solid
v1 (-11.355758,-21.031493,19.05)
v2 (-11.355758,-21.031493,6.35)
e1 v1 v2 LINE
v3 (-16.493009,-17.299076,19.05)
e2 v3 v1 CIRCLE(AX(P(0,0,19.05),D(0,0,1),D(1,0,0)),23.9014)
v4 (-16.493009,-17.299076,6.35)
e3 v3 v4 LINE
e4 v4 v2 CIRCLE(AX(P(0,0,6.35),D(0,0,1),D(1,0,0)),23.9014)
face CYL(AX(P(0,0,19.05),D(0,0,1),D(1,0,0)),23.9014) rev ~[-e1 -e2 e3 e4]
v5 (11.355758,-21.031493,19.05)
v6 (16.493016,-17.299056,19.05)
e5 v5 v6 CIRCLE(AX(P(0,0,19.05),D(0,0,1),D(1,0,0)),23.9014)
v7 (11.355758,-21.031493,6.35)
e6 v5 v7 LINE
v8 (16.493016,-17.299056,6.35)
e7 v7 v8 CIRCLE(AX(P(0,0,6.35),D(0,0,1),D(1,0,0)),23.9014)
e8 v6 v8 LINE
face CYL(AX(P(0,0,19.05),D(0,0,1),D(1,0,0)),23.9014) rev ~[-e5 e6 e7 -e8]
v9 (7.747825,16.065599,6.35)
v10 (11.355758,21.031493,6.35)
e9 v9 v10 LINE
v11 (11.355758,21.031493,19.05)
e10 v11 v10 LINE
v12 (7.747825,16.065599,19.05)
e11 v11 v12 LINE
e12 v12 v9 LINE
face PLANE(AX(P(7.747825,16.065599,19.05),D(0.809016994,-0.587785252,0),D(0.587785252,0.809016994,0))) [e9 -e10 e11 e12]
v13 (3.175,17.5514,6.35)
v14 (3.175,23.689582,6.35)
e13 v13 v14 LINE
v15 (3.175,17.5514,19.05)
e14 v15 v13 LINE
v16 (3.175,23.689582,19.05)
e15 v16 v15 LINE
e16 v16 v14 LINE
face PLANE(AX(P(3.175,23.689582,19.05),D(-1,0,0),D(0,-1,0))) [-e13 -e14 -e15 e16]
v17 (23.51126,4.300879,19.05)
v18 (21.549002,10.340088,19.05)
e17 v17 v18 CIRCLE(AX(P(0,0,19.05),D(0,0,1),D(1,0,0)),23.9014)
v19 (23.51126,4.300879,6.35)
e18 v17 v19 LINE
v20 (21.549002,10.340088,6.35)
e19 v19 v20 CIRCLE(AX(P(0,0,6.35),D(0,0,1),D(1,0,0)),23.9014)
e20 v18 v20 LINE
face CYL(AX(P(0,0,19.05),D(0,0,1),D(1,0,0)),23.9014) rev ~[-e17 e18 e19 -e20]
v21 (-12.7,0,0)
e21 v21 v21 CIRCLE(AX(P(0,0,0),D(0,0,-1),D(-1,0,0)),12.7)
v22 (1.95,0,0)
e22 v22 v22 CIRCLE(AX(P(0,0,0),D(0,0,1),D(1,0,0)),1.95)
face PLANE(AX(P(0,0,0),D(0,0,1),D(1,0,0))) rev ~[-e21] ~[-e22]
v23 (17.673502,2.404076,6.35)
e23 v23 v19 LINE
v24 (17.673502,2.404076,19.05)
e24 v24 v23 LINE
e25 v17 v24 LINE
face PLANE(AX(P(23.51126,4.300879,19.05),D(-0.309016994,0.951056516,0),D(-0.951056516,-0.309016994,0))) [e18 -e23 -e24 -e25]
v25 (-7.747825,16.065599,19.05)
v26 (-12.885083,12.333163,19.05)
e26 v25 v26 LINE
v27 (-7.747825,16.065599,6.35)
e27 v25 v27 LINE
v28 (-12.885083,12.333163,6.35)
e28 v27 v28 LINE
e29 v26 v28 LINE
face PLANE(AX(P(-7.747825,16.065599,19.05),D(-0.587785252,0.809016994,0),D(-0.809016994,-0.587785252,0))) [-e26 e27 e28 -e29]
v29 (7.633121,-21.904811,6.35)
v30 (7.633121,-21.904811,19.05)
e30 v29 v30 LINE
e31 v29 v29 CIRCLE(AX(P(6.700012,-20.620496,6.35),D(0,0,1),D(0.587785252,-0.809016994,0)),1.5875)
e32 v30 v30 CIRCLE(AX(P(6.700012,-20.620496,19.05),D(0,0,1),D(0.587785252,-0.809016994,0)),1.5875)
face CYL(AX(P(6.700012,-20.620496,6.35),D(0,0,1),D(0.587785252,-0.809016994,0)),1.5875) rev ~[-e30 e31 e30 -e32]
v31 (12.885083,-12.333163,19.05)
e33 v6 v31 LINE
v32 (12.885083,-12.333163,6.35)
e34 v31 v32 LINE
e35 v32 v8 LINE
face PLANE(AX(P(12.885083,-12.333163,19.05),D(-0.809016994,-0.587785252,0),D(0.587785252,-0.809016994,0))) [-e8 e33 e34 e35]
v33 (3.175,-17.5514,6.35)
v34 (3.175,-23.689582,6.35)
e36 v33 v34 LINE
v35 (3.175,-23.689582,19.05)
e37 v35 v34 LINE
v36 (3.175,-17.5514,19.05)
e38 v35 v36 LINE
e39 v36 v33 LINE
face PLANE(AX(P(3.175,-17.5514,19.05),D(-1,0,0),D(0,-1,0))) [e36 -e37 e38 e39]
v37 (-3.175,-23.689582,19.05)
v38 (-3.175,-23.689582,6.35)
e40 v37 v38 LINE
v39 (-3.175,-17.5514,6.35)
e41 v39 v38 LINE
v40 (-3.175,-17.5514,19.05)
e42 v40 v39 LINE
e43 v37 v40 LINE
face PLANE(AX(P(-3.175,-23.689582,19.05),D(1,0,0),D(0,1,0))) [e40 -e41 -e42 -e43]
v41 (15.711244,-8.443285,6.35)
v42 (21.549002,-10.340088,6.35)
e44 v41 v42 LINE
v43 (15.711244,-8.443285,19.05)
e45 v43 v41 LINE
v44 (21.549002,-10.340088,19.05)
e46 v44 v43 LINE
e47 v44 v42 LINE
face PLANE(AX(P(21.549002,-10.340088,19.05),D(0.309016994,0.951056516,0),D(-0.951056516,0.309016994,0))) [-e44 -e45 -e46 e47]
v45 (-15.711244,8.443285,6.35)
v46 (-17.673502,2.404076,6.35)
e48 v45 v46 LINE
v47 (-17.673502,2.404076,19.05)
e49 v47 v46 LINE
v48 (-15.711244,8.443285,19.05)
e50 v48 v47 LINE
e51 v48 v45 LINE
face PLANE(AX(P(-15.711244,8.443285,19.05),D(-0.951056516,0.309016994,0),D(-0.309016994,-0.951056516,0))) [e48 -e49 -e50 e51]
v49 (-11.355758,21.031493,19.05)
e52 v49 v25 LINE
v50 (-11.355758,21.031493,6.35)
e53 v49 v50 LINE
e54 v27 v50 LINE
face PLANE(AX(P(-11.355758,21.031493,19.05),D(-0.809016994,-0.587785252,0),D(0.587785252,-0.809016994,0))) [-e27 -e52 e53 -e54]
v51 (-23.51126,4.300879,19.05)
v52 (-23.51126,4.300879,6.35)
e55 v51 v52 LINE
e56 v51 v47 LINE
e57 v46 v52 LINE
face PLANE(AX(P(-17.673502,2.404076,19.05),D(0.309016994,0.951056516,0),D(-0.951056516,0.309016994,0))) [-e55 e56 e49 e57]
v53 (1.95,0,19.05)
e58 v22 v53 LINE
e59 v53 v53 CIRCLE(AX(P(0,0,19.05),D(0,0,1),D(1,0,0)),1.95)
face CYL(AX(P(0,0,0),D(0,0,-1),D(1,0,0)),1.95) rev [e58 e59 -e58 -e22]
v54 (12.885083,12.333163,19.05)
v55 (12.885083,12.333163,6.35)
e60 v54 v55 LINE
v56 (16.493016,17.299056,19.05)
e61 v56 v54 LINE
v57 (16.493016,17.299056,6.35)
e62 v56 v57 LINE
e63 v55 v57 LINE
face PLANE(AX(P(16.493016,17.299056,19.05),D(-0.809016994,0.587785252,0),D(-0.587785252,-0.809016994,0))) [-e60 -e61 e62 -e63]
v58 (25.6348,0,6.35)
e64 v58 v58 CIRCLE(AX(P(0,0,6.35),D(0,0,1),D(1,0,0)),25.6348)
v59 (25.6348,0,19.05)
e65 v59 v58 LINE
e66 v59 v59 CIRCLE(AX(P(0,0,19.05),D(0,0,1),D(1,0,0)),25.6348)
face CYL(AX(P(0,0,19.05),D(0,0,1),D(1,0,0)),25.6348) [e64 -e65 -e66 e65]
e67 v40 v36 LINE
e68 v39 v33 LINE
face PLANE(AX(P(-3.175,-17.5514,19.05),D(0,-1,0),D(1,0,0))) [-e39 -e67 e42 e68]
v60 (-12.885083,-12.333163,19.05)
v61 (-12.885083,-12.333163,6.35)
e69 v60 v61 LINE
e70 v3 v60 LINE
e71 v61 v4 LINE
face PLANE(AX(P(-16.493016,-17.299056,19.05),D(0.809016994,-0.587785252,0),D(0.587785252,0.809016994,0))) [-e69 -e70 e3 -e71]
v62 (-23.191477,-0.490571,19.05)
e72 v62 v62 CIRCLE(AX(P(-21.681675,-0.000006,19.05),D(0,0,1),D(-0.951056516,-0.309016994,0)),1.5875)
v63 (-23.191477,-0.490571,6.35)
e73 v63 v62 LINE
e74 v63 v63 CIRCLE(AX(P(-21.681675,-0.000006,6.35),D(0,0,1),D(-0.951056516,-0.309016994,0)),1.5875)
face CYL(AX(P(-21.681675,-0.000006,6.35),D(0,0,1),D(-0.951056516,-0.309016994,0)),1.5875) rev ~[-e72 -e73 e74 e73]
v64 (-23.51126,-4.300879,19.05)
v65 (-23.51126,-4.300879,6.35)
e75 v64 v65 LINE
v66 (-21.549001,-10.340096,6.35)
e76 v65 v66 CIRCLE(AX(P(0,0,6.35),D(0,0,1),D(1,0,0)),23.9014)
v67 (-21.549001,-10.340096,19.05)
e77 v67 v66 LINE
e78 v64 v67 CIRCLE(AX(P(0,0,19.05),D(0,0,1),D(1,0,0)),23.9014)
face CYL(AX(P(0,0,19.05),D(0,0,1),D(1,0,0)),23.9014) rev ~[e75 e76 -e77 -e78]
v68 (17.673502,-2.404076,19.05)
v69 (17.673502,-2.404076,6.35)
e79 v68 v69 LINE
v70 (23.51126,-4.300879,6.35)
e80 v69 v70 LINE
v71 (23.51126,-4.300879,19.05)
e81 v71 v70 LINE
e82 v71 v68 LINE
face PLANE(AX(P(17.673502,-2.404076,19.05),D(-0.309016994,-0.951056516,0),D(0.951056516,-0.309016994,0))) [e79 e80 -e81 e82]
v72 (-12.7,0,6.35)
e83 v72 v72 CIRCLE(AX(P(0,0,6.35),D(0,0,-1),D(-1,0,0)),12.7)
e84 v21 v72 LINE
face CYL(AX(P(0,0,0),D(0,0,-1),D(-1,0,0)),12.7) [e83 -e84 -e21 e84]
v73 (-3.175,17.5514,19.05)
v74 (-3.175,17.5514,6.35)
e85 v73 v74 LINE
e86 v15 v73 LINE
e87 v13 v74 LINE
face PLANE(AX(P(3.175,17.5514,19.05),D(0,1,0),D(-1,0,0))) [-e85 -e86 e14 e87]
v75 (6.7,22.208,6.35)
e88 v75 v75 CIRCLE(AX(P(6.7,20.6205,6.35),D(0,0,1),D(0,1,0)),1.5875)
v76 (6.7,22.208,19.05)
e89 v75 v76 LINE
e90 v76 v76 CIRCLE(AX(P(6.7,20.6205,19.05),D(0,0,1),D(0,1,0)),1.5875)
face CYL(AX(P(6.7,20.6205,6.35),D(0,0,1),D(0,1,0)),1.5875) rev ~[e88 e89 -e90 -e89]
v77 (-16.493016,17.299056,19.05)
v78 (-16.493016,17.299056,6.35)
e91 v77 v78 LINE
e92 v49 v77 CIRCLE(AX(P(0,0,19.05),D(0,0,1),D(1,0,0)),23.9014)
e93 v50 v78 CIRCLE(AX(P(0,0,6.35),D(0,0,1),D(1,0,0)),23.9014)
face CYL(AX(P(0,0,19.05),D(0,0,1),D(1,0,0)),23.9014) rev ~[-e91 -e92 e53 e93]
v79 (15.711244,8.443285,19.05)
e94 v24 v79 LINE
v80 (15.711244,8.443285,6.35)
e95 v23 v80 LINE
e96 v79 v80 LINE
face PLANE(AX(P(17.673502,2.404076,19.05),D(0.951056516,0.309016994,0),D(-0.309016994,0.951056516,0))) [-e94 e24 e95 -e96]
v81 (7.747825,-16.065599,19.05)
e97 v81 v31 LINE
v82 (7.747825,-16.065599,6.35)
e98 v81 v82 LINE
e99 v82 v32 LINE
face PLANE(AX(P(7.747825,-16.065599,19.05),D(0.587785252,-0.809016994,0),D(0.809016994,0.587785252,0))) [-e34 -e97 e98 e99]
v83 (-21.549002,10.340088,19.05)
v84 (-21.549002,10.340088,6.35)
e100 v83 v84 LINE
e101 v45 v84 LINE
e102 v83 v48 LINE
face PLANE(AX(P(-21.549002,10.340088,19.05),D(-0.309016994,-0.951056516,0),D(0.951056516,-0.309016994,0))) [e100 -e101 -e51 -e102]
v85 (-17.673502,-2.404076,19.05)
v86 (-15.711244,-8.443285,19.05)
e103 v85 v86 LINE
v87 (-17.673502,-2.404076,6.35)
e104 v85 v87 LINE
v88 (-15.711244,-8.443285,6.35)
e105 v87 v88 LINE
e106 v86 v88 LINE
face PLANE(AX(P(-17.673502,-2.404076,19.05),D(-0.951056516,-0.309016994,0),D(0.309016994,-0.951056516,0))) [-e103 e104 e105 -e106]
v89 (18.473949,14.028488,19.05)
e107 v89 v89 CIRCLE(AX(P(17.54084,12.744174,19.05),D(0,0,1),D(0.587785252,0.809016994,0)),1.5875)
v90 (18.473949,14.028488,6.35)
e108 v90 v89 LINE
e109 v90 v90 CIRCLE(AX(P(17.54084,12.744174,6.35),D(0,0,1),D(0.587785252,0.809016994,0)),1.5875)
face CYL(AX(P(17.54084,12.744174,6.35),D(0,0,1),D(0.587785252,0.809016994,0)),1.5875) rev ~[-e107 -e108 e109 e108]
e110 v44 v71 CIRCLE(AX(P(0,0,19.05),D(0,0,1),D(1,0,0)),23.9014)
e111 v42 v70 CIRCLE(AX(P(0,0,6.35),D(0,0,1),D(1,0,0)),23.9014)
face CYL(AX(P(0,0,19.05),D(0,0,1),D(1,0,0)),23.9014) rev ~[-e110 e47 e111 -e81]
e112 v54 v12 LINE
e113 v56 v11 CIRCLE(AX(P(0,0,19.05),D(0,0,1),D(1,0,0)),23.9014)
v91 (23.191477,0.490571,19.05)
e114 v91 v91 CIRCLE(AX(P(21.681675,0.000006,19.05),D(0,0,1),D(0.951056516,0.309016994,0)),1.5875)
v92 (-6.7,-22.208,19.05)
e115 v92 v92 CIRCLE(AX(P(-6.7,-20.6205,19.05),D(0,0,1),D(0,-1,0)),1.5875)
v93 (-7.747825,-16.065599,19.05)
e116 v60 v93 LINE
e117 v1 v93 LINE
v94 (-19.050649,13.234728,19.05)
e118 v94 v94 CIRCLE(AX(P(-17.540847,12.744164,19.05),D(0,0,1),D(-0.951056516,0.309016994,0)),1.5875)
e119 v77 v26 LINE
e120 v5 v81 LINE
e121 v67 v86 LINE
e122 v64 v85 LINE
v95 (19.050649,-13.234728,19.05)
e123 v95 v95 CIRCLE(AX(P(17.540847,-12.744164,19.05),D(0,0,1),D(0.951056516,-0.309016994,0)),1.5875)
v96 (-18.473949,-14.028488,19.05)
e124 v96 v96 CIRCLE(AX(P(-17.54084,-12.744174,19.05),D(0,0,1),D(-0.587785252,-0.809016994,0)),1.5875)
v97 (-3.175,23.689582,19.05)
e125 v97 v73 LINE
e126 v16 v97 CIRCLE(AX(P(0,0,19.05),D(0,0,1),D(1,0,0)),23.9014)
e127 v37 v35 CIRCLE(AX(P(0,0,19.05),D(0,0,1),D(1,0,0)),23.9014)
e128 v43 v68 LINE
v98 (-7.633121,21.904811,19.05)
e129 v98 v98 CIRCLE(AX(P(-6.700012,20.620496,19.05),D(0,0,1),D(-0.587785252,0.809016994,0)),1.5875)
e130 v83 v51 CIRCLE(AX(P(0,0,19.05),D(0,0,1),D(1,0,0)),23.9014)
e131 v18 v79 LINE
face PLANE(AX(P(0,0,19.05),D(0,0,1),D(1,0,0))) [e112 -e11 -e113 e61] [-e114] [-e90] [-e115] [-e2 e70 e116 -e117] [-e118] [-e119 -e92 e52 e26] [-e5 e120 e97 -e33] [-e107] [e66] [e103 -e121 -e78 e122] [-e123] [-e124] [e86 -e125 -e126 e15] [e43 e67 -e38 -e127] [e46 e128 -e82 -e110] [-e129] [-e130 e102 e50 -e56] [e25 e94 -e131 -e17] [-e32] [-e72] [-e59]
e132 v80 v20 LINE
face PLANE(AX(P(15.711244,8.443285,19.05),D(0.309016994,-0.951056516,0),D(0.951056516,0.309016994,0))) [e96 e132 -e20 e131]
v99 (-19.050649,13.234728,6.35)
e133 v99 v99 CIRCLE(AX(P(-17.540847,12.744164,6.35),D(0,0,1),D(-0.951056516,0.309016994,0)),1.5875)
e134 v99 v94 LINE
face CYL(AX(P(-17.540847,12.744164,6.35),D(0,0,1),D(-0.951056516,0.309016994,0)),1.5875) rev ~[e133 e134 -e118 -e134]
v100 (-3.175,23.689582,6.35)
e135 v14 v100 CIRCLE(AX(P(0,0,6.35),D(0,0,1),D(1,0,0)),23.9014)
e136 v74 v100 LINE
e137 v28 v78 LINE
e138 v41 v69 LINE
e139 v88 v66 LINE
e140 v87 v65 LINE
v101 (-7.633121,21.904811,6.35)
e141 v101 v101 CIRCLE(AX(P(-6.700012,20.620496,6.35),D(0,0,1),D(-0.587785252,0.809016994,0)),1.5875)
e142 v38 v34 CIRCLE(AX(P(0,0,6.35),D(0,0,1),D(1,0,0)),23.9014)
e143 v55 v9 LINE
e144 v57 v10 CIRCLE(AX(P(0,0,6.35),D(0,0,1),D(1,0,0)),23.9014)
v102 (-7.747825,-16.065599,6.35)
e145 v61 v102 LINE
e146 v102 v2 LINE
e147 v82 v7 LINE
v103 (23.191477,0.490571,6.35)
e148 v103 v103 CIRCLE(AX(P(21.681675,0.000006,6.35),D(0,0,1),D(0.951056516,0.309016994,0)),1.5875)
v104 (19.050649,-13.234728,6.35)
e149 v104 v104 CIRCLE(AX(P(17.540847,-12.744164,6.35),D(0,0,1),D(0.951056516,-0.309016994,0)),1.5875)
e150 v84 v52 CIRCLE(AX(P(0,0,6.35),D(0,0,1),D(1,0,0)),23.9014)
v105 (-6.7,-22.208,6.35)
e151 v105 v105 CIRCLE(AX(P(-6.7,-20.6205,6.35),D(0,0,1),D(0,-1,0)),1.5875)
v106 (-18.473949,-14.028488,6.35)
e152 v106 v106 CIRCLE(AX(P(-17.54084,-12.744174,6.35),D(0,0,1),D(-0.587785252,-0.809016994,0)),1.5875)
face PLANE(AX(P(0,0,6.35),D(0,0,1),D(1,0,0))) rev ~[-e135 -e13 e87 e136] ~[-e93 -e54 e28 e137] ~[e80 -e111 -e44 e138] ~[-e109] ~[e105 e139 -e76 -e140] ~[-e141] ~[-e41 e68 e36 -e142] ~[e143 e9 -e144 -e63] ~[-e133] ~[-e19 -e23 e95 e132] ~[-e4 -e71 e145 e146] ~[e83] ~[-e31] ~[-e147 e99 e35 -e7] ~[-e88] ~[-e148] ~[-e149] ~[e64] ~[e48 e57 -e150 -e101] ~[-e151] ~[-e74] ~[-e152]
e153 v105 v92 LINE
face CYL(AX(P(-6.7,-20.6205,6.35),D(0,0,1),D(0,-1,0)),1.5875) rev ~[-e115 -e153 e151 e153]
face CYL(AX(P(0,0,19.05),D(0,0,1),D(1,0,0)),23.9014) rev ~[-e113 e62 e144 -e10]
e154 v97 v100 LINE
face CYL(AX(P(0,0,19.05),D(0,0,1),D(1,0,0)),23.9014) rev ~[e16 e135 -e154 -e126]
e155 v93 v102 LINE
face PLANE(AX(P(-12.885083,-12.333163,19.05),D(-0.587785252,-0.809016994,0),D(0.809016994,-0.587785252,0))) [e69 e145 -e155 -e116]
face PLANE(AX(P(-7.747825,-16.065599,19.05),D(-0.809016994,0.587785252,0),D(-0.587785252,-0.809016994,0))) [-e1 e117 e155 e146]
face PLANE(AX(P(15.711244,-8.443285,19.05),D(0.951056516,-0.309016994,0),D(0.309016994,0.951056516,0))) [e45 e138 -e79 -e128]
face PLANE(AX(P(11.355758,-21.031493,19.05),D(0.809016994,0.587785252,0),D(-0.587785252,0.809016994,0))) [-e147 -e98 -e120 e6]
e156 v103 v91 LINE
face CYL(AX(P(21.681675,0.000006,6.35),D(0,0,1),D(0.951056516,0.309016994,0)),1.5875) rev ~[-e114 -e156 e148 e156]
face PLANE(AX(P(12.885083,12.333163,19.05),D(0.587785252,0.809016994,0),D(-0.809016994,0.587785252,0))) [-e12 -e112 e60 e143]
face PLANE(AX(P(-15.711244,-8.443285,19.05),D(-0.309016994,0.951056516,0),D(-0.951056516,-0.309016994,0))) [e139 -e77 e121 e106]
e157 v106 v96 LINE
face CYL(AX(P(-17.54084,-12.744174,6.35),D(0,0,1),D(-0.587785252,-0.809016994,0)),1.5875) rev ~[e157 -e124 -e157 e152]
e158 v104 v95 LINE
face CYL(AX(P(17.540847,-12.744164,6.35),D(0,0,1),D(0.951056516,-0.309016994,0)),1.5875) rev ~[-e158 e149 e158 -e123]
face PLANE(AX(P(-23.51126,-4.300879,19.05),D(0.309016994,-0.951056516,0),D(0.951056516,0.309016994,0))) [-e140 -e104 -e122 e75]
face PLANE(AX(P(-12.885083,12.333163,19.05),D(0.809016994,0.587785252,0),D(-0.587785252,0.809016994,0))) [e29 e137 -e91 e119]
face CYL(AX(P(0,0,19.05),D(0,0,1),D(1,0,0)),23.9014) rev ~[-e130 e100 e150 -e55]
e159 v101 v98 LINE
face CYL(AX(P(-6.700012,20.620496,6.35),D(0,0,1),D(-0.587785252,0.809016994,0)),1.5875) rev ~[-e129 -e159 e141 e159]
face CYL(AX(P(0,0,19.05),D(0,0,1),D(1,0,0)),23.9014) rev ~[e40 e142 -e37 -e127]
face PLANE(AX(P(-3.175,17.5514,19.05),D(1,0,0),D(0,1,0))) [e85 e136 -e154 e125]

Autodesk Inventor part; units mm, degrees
ref_plane "YZ Plane" through (0, 0, 0) normal (1, 0, 0) x (0, 1, 0)
ref_plane "XZ Plane" through (0, 0, 0) normal (0, 1, 0) x (-1, 0, 0)
ref_plane "XY Plane" through (0, 0, 0) normal (0, 0, 1) x (1, 0, 0)
sketch "Sketch1" plane through (0, 0, 0) normal (0, 0, 1) x (1, 0, 0)
  circle A0 centre (0, 0) radius 1.95 projected
  circle A1 centre (0, 0) radius 23.9014
  point P0 (0, 0)
  dimension "d0" = 47.8028
extrude "Extrusion1" add sketch "Sketch1" along normal blind 19.05
sketch "Sketch2" plane through (0, 0, 0) normal (0, 0, -1) x (-1, 0, 0)
  circle A0 centre (0, 0) radius 1.95 projected
  circle A1 centre (0, 0) radius 23.9014 projected
  circle A2 centre (0, 0) radius 12.7
  dimension "d3" = 25.4
extrude "Extrusion2" cut sketch "Sketch2" against normal blind 6.35 contours A1
sketch "Sketch3" plane through (0, 0, 19.05) normal (0, 0, 1) x (1, 0, 0)
  circle A0 centre (0, 0) radius 23.9014 projected
  line L0 (-3.175, -17.5514) -> (3.175, -17.5514)
  line L1 (3.175, -17.5514) -> (3.175, -23.9014)
  line L2 (3.175, -23.9014) -> (-3.175, -23.9014)
  line L3 (-3.175, -23.9014) -> (-3.175, -17.5514)
  line L4 (0, 0) -> (0, -27.6264) construction
  point P0 (0, -17.5514)
  dimension "d6" = 6.35
  dimension "d7" = 6.35
extrude "Extrusion3" cut sketch "Sketch3" against normal blind 12.7 contours L3 L0 L1 A0 | A0 L2 L3 | L1 L2 A0 picked at (0, -19.6681)
pattern_circular "Circular Pattern1" count 10 over 360 about axis through (0, 0, 0) along (0, 0, 1) of "Extrusion3"
sketch "Sketch4" plane through (0, 0, 19.05) normal (0, 0, 1) x (1, 0, 0)
  arc A0 (-21.549, -10.3401) -> (-16.493, -17.2991) centre (0, 0) ccw projected
  circle A1 centre (0, 0) radius 23.9014
  circle A2 centre (0, 0) radius 25.6348
extrude "Extrusion4" add sketch "Sketch4" against normal blind 12.7
sketch "Sketch5" plane through (0, 0, 6.35) normal (0, 0, -1) x (-1, 0, 0)
  point P0 (-6.7, 20.6205)
hole "Hole1" at (6.7, 20.6205, 6.35) direction (0, 0, 1) diameter 3.175 depth 25.4 tip angle 118
pattern_circular "Circular Pattern2" count 10 over 360 about axis through (0, 0, 0) along (0, 0, 1) of "Hole1"
properties part number "driveWheel01" material "Wood (Maple)"
